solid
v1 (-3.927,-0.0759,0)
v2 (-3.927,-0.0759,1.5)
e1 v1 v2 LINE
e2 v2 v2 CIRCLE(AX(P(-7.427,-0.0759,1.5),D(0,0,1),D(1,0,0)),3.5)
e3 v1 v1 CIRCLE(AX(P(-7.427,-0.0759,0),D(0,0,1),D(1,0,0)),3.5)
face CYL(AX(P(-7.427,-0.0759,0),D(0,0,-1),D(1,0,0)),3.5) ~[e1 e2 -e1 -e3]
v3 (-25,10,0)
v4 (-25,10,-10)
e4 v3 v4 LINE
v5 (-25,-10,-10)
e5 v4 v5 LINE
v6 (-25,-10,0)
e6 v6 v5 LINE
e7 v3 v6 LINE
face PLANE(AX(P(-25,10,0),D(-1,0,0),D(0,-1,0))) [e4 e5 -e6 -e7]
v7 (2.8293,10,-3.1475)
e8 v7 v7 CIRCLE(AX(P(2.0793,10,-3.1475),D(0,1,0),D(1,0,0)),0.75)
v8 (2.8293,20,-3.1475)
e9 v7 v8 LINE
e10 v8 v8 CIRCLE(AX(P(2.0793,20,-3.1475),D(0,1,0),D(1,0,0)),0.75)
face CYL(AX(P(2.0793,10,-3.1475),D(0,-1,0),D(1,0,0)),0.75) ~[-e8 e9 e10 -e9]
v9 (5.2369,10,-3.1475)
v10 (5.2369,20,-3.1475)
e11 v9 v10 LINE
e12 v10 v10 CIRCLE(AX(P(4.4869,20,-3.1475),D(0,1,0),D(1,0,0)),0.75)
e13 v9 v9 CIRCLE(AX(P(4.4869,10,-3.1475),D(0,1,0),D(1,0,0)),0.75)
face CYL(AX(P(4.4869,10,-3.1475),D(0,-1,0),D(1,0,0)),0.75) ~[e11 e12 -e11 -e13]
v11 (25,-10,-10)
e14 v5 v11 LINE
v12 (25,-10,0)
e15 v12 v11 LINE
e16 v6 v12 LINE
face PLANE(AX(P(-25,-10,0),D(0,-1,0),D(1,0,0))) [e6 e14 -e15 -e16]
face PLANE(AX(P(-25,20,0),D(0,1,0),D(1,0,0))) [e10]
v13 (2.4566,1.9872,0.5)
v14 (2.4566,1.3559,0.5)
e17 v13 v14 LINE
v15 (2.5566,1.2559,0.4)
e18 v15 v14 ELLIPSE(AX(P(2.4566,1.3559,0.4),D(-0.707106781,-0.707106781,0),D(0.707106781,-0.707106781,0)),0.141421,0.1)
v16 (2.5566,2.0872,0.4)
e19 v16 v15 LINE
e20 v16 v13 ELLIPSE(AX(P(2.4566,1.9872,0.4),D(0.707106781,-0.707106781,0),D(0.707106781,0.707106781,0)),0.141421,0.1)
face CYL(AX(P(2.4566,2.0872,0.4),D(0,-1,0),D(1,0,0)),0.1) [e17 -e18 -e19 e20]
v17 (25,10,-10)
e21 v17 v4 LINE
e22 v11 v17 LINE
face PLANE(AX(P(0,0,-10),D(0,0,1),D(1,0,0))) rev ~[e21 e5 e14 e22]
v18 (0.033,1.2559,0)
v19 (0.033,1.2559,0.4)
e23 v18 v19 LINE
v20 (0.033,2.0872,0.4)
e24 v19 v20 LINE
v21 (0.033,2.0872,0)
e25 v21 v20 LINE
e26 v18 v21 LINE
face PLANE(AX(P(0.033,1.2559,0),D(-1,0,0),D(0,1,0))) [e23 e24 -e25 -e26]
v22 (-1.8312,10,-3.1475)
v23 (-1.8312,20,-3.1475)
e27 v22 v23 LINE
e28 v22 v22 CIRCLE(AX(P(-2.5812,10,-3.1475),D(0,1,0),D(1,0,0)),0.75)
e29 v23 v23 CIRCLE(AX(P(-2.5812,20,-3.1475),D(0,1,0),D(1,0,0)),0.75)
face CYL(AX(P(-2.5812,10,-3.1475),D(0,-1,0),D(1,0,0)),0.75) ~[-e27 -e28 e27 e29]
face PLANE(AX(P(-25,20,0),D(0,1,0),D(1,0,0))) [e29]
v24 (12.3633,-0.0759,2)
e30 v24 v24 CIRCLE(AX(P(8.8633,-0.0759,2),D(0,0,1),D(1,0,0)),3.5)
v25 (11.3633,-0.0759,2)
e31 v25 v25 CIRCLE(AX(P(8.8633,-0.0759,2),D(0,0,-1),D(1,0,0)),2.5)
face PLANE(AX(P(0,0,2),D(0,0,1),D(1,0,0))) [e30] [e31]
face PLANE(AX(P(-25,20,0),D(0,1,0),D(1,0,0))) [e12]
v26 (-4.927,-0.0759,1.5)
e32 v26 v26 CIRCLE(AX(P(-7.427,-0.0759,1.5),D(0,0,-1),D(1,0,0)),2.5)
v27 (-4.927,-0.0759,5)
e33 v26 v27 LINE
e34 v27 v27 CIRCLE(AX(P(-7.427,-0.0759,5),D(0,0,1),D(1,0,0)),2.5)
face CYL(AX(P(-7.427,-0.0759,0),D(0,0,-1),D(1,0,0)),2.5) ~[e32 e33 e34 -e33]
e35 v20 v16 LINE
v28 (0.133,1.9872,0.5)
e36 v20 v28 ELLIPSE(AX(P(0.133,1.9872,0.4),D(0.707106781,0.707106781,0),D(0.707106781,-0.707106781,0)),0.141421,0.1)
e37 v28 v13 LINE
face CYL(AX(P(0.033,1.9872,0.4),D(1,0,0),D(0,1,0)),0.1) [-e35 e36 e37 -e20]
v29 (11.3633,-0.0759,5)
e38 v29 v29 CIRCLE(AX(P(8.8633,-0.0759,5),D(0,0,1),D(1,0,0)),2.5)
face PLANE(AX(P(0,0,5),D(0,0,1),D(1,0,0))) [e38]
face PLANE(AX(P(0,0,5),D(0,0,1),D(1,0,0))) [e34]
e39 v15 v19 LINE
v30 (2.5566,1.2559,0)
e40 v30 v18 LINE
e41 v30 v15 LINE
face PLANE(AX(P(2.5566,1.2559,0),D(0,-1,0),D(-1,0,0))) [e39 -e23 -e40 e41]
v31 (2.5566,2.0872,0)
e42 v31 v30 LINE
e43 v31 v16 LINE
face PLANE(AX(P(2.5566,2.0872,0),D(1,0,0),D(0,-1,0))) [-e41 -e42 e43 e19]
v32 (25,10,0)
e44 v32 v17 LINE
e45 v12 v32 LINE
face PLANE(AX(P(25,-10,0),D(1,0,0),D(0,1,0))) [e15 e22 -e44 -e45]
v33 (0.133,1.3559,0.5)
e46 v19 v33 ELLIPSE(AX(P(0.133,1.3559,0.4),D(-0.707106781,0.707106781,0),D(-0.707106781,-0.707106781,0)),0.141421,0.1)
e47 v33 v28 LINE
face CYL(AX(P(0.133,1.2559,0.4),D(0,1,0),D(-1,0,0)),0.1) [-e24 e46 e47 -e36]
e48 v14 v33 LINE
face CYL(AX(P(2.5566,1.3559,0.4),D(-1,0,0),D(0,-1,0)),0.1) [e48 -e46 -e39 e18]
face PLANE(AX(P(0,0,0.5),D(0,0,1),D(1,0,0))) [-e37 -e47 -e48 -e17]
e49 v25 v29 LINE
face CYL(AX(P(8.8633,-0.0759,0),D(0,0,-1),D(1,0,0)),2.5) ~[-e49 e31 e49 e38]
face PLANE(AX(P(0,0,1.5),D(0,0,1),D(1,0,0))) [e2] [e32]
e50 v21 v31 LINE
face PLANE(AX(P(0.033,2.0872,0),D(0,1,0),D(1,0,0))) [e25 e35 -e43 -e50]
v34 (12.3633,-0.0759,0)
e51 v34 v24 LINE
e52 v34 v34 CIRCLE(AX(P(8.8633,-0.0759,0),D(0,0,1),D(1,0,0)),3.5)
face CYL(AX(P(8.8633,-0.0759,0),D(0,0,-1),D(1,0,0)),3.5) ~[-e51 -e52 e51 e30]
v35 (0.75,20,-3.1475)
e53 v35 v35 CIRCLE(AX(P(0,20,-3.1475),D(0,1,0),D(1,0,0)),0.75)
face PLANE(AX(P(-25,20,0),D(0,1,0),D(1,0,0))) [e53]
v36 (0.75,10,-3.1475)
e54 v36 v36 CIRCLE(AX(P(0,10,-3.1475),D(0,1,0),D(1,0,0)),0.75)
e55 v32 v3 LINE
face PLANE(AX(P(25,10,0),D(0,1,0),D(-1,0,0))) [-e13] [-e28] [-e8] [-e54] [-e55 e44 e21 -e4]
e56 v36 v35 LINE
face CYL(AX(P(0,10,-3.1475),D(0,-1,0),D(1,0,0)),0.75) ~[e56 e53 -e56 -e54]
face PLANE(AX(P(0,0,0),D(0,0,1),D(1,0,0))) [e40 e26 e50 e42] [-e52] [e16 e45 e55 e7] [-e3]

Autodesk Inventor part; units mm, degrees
ref_plane "YZ Plane" through (0, 0, 0) normal (1, 0, 0) x (0, 1, 0)
ref_plane "XZ Plane" through (0, 0, 0) normal (0, 1, 0) x (-1, 0, 0)
ref_plane "XY Plane" through (0, 0, 0) normal (0, 0, 1) x (1, 0, 0)
sketch "Sketch1" plane through (0, 0, 0) normal (0, 0, 1) x (1, 0, 0)
  line L0 (-25, -10) -> (25, -10)
  line L1 (25, -10) -> (25, 10)
  line L2 (25, 10) -> (-25, 10)
  line L3 (-25, 10) -> (-25, -10)
  line L4 (-25, -10) -> (25, 10) construction
  line L5 (25, -10) -> (-25, 10) construction
  circle A0 centre (-7.427, -0.0759) radius 3.5
  circle A1 centre (8.8633, -0.0759) radius 3.5
  line L6 (0.033, 2.0872) -> (2.5566, 2.0872)
  line L7 (2.5566, 2.0872) -> (2.5566, 1.2559)
  line L8 (2.5566, 1.2559) -> (0.033, 1.2559)
  line L9 (0.033, 1.2559) -> (0.033, 2.0872)
  line L10 (0.033, 2.0872) -> (2.5566, 1.2559) construction
  line L11 (2.5566, 2.0872) -> (0.033, 1.2559) construction
  circle A2 centre (-7.427, -0.0759) radius 2.5
  circle A3 centre (8.8633, -0.0759) radius 2.5
  point P0 (0, 0)
  point P1 (1.2948, 1.6716)
  dimension "d0" = 7
  dimension "d1" = 7
  dimension "d11" = 5
  dimension "d12" = 5
  dimension "d28" = 50
  dimension "d29" = 20
extrude "Extrusion1" add sketch "Sketch1" against normal blind 10 contours L3 L2 L1 L0 | A0 | A1 | L6 L7 L8 L9 | A2 | A3
extrude "Extrusion2" add sketch "Sketch1" along normal blind 1.5 contours A0 | A2
extrude "Extrusion3" add sketch "Sketch1" along normal blind 2 contours A1 | A3
extrude "Extrusion4" add sketch "Sketch1" along normal blind 0.5 contours L6 L7 L8 L9
fillet "Fillet1" radius 0.1 4 edges at (1.2948, 2.0872, 0.5) (2.5566, 1.6716, 0.5) (1.2948, 1.2559, 0.5) (0.033, 1.6716, 0.5)
extrude "Extrusion5" add sketch "Sketch1" along normal blind 5 contours A2
extrude "Extrusion6" add sketch "Sketch1" along normal blind 5 contours A3
sketch "Sketch3" plane through (-25, 10, 0) normal (0, 1, 0) x (1, 0, 0)
  circle A0 centre (29.4869, 3.1475) radius 0.75
  circle A1 centre (27.0793, 3.1475) radius 0.75
  circle A2 centre (25, 3.1475) radius 0.75
  circle A3 centre (22.4188, 3.1475) radius 0.75
  point P0 (25, 0)
  dimension "d19" = 1.5
  dimension "d20" = 1.5
  dimension "d21" = 1.5
  dimension "d22" = 1.5
extrude "Extrusion8" add sketch "Sketch3" along normal blind 10 contours A0 | A2 | A3
extrude "Extrusion9" add sketch "Sketch3" along normal blind 10 contours A1
sketch "Sketch4" plane through (0, 0, 0) normal (0, 0, 1) x (1, 0, 0)
  point P0 (0, 0)
properties part number "ultrasonic sensor"
